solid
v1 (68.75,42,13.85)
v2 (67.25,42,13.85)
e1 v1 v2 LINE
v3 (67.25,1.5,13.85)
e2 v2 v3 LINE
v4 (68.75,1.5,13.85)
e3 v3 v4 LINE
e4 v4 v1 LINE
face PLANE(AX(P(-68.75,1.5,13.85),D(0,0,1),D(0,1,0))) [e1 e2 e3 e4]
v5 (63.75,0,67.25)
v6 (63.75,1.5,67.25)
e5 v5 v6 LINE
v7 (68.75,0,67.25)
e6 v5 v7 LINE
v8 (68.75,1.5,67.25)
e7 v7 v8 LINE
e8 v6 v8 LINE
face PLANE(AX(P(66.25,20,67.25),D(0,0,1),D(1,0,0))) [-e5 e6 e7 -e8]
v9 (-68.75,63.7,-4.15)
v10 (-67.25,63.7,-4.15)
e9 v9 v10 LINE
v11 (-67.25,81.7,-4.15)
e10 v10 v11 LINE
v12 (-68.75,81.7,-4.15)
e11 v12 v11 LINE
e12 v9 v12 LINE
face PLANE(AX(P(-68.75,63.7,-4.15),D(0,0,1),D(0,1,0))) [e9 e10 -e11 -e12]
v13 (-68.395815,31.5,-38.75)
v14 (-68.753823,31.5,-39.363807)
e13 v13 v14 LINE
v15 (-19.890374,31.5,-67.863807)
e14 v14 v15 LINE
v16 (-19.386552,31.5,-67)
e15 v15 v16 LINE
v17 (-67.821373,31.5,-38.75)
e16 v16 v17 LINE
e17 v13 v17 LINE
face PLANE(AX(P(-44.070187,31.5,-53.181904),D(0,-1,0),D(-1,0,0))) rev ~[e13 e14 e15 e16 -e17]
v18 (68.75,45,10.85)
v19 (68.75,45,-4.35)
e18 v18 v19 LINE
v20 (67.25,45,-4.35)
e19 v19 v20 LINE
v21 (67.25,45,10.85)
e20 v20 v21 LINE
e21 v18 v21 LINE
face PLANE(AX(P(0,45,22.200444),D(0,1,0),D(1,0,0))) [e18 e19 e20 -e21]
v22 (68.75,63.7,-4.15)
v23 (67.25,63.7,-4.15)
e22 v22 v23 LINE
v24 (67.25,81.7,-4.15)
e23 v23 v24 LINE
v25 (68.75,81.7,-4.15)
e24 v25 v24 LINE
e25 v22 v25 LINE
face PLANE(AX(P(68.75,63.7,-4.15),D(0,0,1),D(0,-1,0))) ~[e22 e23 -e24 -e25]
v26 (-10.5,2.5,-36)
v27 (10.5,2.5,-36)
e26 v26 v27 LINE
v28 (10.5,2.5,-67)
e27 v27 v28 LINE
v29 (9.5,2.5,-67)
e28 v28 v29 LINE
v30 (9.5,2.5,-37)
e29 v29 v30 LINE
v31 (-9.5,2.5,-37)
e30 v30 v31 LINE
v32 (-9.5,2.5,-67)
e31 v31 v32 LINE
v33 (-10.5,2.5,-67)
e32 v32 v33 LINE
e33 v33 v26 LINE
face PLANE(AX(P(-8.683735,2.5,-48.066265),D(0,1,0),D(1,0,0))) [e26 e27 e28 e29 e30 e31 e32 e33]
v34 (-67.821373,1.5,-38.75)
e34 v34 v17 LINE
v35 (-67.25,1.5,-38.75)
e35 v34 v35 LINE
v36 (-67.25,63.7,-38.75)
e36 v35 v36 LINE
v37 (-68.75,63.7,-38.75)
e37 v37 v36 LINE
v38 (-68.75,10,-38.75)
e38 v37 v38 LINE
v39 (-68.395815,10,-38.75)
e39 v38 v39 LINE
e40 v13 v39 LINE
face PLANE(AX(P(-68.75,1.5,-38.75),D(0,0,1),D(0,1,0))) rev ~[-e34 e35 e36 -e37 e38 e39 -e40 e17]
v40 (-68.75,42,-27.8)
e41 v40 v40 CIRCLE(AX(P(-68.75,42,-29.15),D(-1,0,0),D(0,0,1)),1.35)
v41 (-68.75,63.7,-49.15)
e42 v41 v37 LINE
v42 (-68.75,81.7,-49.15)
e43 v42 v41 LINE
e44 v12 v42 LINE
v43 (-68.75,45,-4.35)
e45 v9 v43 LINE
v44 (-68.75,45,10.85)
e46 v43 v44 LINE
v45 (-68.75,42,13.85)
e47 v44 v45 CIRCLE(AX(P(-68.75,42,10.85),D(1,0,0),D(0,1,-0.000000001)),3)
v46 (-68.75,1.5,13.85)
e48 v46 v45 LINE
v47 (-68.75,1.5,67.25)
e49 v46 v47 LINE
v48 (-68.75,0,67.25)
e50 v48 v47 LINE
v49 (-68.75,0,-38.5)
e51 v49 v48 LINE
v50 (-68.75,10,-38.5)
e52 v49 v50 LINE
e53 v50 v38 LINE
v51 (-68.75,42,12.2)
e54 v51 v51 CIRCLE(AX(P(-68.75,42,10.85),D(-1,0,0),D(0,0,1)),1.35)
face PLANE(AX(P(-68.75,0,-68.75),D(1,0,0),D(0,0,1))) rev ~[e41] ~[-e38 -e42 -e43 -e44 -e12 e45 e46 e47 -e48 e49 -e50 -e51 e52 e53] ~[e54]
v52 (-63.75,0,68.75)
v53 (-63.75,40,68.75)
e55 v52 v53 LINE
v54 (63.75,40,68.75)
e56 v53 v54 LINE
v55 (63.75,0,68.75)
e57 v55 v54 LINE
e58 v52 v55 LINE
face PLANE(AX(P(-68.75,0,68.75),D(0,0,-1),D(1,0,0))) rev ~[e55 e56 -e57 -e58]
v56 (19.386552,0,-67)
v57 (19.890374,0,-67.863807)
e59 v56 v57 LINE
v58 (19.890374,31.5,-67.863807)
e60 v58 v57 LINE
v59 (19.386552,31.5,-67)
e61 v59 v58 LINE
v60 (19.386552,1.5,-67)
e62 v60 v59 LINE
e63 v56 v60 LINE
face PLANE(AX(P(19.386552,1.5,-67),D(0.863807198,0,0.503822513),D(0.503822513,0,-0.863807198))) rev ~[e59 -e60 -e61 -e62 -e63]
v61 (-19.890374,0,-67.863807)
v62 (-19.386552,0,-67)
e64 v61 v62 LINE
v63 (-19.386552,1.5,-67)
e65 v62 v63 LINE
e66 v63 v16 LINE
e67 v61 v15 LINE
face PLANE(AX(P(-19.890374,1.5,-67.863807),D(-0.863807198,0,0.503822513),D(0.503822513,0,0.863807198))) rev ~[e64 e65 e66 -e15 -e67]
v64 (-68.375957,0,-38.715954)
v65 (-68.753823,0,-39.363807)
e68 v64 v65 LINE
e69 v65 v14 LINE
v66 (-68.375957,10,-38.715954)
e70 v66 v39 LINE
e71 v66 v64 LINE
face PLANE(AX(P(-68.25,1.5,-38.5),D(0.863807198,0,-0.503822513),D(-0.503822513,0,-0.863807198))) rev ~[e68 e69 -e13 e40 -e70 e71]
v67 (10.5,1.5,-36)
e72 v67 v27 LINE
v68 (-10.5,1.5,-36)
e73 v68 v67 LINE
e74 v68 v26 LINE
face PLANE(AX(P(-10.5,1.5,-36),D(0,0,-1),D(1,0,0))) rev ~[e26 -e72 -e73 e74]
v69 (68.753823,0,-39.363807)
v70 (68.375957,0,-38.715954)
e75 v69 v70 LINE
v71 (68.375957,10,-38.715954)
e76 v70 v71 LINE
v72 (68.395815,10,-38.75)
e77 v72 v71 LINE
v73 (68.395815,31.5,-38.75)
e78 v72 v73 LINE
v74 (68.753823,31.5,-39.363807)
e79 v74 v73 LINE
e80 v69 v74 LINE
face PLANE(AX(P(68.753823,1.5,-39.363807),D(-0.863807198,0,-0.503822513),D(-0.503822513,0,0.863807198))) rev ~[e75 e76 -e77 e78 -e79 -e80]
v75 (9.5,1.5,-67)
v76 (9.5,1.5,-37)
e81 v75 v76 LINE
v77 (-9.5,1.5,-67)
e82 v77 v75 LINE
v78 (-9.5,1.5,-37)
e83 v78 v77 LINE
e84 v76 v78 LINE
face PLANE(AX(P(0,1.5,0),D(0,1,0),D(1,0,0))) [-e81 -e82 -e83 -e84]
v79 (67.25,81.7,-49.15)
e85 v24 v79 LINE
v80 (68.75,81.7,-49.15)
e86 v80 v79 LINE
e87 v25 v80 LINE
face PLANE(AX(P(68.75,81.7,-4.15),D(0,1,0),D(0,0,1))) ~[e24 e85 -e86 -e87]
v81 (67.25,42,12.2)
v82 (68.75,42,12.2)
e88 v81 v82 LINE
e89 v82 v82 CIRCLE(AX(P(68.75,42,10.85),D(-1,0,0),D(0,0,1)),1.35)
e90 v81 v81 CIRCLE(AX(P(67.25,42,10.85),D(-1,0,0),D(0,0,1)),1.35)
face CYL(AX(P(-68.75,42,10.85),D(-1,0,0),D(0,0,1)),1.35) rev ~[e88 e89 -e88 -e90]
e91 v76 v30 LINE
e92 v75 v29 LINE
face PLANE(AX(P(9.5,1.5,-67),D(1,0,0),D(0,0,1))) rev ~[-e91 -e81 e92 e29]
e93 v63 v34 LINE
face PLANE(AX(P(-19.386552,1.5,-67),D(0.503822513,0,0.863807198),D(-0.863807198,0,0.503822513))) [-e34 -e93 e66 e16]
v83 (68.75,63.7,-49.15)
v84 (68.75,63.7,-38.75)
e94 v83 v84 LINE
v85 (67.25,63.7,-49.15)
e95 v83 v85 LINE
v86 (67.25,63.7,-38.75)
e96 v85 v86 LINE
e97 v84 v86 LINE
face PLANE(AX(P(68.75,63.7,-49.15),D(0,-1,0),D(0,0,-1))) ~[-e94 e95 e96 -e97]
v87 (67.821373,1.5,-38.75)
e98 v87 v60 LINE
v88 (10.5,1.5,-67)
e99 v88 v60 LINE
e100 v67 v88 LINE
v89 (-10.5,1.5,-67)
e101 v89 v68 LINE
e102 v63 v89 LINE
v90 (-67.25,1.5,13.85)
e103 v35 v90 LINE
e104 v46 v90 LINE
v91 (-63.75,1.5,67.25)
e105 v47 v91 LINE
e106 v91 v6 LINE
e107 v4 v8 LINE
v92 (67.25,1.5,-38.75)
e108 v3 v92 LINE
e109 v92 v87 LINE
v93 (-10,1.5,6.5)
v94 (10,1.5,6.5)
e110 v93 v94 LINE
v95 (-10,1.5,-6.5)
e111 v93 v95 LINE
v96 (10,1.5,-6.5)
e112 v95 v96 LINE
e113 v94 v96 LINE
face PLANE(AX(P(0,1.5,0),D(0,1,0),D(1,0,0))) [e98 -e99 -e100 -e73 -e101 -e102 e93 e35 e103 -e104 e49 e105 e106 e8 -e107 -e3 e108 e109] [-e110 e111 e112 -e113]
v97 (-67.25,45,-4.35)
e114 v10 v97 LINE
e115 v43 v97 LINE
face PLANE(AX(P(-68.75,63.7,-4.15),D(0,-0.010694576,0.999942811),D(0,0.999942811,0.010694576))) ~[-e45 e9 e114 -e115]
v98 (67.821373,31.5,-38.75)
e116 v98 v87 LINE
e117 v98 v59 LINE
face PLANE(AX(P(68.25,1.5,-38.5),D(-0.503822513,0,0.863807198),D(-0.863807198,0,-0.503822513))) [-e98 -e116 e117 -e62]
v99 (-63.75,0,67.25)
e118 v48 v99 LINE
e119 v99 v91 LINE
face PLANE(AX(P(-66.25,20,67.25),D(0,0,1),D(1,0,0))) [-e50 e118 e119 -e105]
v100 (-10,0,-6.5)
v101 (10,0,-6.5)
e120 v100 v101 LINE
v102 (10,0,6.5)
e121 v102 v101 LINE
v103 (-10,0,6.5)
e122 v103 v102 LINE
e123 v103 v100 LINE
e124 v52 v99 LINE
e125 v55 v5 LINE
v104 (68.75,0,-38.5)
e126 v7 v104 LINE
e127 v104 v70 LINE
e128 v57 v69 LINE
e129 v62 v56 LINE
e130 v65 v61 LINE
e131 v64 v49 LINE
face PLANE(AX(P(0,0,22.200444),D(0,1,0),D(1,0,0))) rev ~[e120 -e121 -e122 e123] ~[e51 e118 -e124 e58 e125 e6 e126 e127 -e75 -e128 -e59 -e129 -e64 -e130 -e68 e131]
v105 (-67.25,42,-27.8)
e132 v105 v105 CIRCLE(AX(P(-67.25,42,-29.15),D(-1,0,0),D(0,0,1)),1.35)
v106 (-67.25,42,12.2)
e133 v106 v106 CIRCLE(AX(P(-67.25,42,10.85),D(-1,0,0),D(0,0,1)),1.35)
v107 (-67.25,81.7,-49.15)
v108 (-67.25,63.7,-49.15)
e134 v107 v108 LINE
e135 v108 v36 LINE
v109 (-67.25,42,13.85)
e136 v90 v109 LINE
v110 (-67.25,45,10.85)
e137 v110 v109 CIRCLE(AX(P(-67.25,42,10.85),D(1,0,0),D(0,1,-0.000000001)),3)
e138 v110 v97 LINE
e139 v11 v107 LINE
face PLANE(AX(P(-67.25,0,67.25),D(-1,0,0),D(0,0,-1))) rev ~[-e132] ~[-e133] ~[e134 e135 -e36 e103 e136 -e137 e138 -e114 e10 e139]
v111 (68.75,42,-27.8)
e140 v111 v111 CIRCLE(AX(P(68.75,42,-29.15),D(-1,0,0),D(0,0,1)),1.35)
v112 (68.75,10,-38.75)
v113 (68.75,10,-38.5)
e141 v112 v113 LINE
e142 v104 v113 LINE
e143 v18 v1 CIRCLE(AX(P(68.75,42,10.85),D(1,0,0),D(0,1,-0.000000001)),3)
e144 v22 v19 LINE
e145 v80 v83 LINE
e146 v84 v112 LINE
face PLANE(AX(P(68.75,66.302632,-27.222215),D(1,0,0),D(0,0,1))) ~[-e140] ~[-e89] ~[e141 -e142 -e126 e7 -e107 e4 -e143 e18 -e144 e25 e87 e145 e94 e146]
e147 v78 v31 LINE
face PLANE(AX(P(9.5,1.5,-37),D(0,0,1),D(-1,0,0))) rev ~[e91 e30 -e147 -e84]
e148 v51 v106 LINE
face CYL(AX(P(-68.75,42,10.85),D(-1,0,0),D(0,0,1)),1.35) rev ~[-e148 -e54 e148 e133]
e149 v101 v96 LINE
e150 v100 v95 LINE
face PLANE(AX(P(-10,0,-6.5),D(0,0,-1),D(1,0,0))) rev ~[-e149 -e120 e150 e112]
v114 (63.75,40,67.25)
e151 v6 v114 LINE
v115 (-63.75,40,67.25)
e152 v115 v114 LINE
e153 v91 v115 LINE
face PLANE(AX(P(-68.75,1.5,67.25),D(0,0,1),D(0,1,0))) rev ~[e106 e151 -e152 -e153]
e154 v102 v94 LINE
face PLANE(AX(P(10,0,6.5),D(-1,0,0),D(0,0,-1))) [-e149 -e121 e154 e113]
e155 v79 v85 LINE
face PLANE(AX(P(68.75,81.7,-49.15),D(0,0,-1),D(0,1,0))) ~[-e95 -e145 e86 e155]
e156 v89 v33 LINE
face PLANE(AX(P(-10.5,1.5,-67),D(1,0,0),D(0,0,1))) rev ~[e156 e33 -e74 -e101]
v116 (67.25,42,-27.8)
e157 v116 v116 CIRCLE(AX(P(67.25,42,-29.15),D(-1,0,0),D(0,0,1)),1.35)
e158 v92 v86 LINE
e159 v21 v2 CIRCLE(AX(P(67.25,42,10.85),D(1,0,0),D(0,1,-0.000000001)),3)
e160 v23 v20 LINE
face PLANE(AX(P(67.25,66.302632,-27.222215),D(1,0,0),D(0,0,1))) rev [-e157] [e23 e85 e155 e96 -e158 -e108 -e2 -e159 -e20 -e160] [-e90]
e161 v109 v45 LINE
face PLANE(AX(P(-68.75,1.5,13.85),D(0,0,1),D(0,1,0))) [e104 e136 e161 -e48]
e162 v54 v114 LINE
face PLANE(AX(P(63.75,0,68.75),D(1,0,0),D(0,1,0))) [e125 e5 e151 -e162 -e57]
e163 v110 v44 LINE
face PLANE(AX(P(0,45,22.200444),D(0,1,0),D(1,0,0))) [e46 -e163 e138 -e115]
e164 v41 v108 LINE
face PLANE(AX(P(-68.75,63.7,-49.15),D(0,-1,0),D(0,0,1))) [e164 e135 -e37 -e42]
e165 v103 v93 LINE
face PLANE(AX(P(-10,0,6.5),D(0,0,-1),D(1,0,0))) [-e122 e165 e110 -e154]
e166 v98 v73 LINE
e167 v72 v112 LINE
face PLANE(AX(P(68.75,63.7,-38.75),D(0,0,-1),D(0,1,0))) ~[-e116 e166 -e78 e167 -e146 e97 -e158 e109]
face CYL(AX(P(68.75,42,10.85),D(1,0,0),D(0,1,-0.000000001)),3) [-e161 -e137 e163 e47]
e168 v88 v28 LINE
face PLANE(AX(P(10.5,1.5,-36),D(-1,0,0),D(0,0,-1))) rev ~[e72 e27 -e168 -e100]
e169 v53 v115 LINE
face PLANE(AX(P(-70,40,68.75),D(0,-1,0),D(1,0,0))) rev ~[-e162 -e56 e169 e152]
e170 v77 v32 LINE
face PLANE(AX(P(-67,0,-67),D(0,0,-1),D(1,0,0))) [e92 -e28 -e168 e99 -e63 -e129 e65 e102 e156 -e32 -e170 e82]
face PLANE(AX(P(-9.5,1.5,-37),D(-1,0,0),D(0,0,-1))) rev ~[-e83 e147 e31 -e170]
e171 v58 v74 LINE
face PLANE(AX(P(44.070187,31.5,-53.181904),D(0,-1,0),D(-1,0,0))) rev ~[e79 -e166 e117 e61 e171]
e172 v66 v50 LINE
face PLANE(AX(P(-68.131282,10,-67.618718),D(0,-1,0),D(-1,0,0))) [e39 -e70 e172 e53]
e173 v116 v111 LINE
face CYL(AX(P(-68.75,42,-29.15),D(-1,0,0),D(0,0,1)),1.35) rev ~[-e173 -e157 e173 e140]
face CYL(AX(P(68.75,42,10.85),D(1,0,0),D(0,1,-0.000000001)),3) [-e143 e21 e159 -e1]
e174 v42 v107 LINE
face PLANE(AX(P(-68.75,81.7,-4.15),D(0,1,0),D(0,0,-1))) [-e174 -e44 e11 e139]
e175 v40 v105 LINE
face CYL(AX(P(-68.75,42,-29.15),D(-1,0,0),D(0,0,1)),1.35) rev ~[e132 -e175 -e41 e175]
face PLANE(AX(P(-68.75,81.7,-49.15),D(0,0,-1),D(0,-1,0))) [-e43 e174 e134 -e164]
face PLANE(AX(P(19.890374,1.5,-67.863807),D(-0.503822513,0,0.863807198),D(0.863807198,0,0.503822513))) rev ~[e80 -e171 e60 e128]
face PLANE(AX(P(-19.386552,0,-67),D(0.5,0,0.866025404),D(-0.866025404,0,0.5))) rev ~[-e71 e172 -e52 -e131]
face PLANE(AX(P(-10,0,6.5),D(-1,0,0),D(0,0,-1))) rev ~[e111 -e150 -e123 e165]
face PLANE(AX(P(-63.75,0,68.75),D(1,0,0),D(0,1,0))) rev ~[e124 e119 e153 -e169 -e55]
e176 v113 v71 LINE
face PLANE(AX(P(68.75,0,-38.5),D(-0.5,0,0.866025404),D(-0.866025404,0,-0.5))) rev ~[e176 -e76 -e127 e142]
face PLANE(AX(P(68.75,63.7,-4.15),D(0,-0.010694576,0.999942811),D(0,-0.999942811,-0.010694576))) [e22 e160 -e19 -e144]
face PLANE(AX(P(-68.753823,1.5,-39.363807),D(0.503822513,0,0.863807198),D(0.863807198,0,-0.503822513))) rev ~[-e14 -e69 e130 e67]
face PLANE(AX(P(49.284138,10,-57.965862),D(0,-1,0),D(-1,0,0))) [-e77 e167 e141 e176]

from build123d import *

# Parameters (mm, degrees)
SKETCH1_W                = 134
SKETCH1_H                = 134
SKETCH1_W_2              = 20
SKETCH1_H_2              = 13
BOSS_EXTRUDE1_DEPTH      = 1.5
BOSS_EXTRUDE2_DEPTH      = 45
SKETCH2_R                = 1.35
CUT_EXTRUDE1_DEPTH       = 137.5
SKETCH3_W                = 53.4
SKETCH3_H                = 43.5
CUT_EXTRUDE2_DEPTH       = 137.5
SKETCH4_W                = 140
SKETCH4_H                = 5
CUT_EXTRUDE3_DEPTH       = 1.5
SKETCH5_W                = 30
SKETCH5_H                = 43.5
CUT_EXTRUDE4_DEPTH       = 137.5
CUT_EXTRUDE5_DEPTH       = 10
BOSS_EXTRUDE3_DEPTH      = 1.5
BOSS_EXTRUDE4_DEPTH      = 1
BOSS_EXTRUDE5_DEPTH      = 30
BOSS_EXTRUDE5_DEPTH_BACK = 1.5
CUT_EXTRUDE6_DEPTH       = 137.5
SKETCH11_W               = 5
SKETCH11_H               = 40
CUT_EXTRUDE7_DEPTH       = 1.5
BOSS_EXTRUDE6_DEPTH      = 1.5


with BuildPart() as part:
    # Sketch1 → Boss-Extrude1 (new body)
    with BuildSketch(Plane(origin=(0, 0, 0), x_dir=(1, 0, 0), z_dir=(0, 1, 0))):
        Rectangle(SKETCH1_W, SKETCH1_H)
        Rectangle(SKETCH1_W_2, SKETCH1_H_2, mode=Mode.SUBTRACT)
        Polygon((-67, 67), (-67.25, 67.25), (-67.25, -67.25), (67.25, -67.25), (67.25, 67.25), (67, 67), (67, -67), (-67, -67), align=None)
    extrude(amount=BOSS_EXTRUDE1_DEPTH)

    # Sketch1<3> → Boss-Extrude2 (add)
    with BuildSketch(Plane(origin=(0, 0, 0), x_dir=(1, 0, 0), z_dir=(0, 1, 0))):
        Polygon((-67.25, -67.25), (-67.25, 67.25), (-68.75, 68.75), (-68.75, -68.75), (68.75, -68.75), (68.75, 68.75), (67.25, 67.25), (67.25, -67.25), align=None)
    extrude(amount=BOSS_EXTRUDE2_DEPTH)

    # Sketch2 → Cut-Extrude1 (cut)
    with BuildSketch(Plane.ZY.offset(68.75)):
        with Locations((10.85, 42)):
            Circle(SKETCH2_R)
        with Locations((-29.15, 42)):
            Circle(SKETCH2_R)
    extrude(amount=-CUT_EXTRUDE1_DEPTH, mode=Mode.SUBTRACT)

    # Sketch3 → Cut-Extrude2 (cut)
    with BuildSketch(Plane.ZY.offset(68.75)):
        with Locations((40.55, 23.25)):
            Rectangle(SKETCH3_W, SKETCH3_H)
    extrude(amount=-CUT_EXTRUDE2_DEPTH, mode=Mode.SUBTRACT)

    # Sketch4 → Cut-Extrude3 (cut)
    with BuildSketch(Plane.XY.offset(68.75)):
        with Locations((0, 42.5)):
            Rectangle(SKETCH4_W, SKETCH4_H)
    extrude(amount=-CUT_EXTRUDE3_DEPTH, mode=Mode.SUBTRACT)

    # Sketch5 → Cut-Extrude4 (cut)
    with BuildSketch(Plane.ZY.offset(68.75)):
        with Locations((-53.75, 23.25)):
            Rectangle(SKETCH5_W, SKETCH5_H)
    extrude(amount=-CUT_EXTRUDE4_DEPTH, mode=Mode.SUBTRACT)

    # Sketch6 → Cut-Extrude5 (cut)
    with BuildSketch(Plane(origin=(0, 0, 0), x_dir=(-1, 0, 0), z_dir=(0, -1, 0))):
        Polygon((67, 67), (68.75, 67), (68.75, 68.75), align=None)
        Polygon((19.386551984, 67), (68.75, 38.5), (68.75, 67), (67, 67), align=None)
        Polygon((-68.75, 38.5), (-19.386551984, 67), (-67, 67), (-68.75, 67), align=None)
        Polygon((-68.75, 67), (-67, 67), (-68.75, 68.75), align=None)
    extrude(amount=-CUT_EXTRUDE5_DEPTH, mode=Mode.SUBTRACT)


with BuildPart() as body_2:
    # Sketch7 → Boss-Extrude3 (new body)
    with BuildSketch(Plane(origin=(-68.75, 0, 0), x_dir=(0, 0, -1), z_dir=(-1, 0, 0))):
        Polygon((49.15, -63.7), (38.75, -63.7), (38.75, -45), (19.55, -45), (19.55, -63.7), (4.15, -63.7), (4.15, -81.7), (49.15, -81.7), align=None)
    boss_extrude3 = extrude(amount=-BOSS_EXTRUDE3_DEPTH)


with BuildPart() as part_1:
    add(part.part)

    # Mirror6: Boss-Extrude3 across plane
    add(boss_extrude3.mirror(Plane(origin=(0, 0, 0), x_dir=(0, 0, 1), z_dir=(1, 0, 0))))


with BuildPart() as body_2_1:
    add(body_2.part)

    # Combine1: union part
    add(part_1.part)

    # Sketch8 → Boss-Extrude4 (add)
    with BuildSketch(Plane(origin=(0, 1.5, 0), x_dir=(1, 0, 0), z_dir=(0, 1, 0))):
        Polygon((-9.5, 37), (-9.5, 67), (-10.5, 67), (-10.5, 36), (0, 36), (0, 37), align=None)
        Polygon((10.5, 67), (9.5, 67), (9.5, 37), (0, 37), (0, 36), (10.5, 36), align=None)
    extrude(amount=BOSS_EXTRUDE4_DEPTH)

    # Sketch9 → Boss-Extrude5 (add, two sides)
    with BuildSketch(Plane(origin=(0, 1.5, 0), x_dir=(1, 0, 0), z_dir=(0, 1, 0))) as boss_extrude5_sk:
        Polygon((-19.386551984, 67), (-68.25, 38.5), (-68.753822513, 39.363807198), (-19.890374497, 67.863807198), align=None)
        Polygon((19.890374497, 67.863807198), (68.753822513, 39.363807198), (68.25, 38.5), (19.386551984, 67), align=None)
    extrude(amount=BOSS_EXTRUDE5_DEPTH)
    extrude(boss_extrude5_sk.sketch, amount=-BOSS_EXTRUDE5_DEPTH_BACK)

    # Sketch10 → Cut-Extrude6 (cut)
    with BuildSketch(Plane(origin=(68.75, 0, 0), x_dir=(0, 0, -1), z_dir=(1, 0, 0))):
        with BuildLine():
            Line((-13.85, 42), (-13.85, 45))
            Line((-13.85, 45), (-10.85, 45))
            ThreePointArc((-10.85, 45), (-12.971320344, 44.121320344), (-13.85, 42))
        make_face()
    extrude(amount=-CUT_EXTRUDE6_DEPTH, mode=Mode.SUBTRACT)

    # Sketch11 → Cut-Extrude7 (cut)
    with BuildSketch(Plane.XY.offset(68.75)):
        with Locations((66.25, 20)):
            Rectangle(SKETCH11_W, SKETCH11_H)
        with Locations((-66.25, 20)):
            Rectangle(SKETCH11_W, SKETCH11_H)
    extrude(amount=-CUT_EXTRUDE7_DEPTH, mode=Mode.SUBTRACT)


with BuildPart() as body_2_2:
    # Sketch12 → Boss-Extrude6 (new body)
    with BuildSketch(Plane(origin=(68.75, 0, 0), x_dir=(0, 0, -1), z_dir=(1, 0, 0))):
        Polygon((4.15, 63.7), (4.35, 45), (19.55, 45), (19.55, 63.7), align=None)
    extrude(amount=-BOSS_EXTRUDE6_DEPTH)


with BuildPart() as body_3:
    # Mirror8: mirrored copy
    add(body_2_2.part.mirror(Plane(origin=(0, 0, 0), x_dir=(0, 0, 1), z_dir=(1, 0, 0))))


with BuildPart() as body_2_2_1:
    add(body_2_2.part)

    # Combine2: union body 3, body 2
    add(body_3.part)
    add(body_2_1.part)


solid = body_2_2_1.part
